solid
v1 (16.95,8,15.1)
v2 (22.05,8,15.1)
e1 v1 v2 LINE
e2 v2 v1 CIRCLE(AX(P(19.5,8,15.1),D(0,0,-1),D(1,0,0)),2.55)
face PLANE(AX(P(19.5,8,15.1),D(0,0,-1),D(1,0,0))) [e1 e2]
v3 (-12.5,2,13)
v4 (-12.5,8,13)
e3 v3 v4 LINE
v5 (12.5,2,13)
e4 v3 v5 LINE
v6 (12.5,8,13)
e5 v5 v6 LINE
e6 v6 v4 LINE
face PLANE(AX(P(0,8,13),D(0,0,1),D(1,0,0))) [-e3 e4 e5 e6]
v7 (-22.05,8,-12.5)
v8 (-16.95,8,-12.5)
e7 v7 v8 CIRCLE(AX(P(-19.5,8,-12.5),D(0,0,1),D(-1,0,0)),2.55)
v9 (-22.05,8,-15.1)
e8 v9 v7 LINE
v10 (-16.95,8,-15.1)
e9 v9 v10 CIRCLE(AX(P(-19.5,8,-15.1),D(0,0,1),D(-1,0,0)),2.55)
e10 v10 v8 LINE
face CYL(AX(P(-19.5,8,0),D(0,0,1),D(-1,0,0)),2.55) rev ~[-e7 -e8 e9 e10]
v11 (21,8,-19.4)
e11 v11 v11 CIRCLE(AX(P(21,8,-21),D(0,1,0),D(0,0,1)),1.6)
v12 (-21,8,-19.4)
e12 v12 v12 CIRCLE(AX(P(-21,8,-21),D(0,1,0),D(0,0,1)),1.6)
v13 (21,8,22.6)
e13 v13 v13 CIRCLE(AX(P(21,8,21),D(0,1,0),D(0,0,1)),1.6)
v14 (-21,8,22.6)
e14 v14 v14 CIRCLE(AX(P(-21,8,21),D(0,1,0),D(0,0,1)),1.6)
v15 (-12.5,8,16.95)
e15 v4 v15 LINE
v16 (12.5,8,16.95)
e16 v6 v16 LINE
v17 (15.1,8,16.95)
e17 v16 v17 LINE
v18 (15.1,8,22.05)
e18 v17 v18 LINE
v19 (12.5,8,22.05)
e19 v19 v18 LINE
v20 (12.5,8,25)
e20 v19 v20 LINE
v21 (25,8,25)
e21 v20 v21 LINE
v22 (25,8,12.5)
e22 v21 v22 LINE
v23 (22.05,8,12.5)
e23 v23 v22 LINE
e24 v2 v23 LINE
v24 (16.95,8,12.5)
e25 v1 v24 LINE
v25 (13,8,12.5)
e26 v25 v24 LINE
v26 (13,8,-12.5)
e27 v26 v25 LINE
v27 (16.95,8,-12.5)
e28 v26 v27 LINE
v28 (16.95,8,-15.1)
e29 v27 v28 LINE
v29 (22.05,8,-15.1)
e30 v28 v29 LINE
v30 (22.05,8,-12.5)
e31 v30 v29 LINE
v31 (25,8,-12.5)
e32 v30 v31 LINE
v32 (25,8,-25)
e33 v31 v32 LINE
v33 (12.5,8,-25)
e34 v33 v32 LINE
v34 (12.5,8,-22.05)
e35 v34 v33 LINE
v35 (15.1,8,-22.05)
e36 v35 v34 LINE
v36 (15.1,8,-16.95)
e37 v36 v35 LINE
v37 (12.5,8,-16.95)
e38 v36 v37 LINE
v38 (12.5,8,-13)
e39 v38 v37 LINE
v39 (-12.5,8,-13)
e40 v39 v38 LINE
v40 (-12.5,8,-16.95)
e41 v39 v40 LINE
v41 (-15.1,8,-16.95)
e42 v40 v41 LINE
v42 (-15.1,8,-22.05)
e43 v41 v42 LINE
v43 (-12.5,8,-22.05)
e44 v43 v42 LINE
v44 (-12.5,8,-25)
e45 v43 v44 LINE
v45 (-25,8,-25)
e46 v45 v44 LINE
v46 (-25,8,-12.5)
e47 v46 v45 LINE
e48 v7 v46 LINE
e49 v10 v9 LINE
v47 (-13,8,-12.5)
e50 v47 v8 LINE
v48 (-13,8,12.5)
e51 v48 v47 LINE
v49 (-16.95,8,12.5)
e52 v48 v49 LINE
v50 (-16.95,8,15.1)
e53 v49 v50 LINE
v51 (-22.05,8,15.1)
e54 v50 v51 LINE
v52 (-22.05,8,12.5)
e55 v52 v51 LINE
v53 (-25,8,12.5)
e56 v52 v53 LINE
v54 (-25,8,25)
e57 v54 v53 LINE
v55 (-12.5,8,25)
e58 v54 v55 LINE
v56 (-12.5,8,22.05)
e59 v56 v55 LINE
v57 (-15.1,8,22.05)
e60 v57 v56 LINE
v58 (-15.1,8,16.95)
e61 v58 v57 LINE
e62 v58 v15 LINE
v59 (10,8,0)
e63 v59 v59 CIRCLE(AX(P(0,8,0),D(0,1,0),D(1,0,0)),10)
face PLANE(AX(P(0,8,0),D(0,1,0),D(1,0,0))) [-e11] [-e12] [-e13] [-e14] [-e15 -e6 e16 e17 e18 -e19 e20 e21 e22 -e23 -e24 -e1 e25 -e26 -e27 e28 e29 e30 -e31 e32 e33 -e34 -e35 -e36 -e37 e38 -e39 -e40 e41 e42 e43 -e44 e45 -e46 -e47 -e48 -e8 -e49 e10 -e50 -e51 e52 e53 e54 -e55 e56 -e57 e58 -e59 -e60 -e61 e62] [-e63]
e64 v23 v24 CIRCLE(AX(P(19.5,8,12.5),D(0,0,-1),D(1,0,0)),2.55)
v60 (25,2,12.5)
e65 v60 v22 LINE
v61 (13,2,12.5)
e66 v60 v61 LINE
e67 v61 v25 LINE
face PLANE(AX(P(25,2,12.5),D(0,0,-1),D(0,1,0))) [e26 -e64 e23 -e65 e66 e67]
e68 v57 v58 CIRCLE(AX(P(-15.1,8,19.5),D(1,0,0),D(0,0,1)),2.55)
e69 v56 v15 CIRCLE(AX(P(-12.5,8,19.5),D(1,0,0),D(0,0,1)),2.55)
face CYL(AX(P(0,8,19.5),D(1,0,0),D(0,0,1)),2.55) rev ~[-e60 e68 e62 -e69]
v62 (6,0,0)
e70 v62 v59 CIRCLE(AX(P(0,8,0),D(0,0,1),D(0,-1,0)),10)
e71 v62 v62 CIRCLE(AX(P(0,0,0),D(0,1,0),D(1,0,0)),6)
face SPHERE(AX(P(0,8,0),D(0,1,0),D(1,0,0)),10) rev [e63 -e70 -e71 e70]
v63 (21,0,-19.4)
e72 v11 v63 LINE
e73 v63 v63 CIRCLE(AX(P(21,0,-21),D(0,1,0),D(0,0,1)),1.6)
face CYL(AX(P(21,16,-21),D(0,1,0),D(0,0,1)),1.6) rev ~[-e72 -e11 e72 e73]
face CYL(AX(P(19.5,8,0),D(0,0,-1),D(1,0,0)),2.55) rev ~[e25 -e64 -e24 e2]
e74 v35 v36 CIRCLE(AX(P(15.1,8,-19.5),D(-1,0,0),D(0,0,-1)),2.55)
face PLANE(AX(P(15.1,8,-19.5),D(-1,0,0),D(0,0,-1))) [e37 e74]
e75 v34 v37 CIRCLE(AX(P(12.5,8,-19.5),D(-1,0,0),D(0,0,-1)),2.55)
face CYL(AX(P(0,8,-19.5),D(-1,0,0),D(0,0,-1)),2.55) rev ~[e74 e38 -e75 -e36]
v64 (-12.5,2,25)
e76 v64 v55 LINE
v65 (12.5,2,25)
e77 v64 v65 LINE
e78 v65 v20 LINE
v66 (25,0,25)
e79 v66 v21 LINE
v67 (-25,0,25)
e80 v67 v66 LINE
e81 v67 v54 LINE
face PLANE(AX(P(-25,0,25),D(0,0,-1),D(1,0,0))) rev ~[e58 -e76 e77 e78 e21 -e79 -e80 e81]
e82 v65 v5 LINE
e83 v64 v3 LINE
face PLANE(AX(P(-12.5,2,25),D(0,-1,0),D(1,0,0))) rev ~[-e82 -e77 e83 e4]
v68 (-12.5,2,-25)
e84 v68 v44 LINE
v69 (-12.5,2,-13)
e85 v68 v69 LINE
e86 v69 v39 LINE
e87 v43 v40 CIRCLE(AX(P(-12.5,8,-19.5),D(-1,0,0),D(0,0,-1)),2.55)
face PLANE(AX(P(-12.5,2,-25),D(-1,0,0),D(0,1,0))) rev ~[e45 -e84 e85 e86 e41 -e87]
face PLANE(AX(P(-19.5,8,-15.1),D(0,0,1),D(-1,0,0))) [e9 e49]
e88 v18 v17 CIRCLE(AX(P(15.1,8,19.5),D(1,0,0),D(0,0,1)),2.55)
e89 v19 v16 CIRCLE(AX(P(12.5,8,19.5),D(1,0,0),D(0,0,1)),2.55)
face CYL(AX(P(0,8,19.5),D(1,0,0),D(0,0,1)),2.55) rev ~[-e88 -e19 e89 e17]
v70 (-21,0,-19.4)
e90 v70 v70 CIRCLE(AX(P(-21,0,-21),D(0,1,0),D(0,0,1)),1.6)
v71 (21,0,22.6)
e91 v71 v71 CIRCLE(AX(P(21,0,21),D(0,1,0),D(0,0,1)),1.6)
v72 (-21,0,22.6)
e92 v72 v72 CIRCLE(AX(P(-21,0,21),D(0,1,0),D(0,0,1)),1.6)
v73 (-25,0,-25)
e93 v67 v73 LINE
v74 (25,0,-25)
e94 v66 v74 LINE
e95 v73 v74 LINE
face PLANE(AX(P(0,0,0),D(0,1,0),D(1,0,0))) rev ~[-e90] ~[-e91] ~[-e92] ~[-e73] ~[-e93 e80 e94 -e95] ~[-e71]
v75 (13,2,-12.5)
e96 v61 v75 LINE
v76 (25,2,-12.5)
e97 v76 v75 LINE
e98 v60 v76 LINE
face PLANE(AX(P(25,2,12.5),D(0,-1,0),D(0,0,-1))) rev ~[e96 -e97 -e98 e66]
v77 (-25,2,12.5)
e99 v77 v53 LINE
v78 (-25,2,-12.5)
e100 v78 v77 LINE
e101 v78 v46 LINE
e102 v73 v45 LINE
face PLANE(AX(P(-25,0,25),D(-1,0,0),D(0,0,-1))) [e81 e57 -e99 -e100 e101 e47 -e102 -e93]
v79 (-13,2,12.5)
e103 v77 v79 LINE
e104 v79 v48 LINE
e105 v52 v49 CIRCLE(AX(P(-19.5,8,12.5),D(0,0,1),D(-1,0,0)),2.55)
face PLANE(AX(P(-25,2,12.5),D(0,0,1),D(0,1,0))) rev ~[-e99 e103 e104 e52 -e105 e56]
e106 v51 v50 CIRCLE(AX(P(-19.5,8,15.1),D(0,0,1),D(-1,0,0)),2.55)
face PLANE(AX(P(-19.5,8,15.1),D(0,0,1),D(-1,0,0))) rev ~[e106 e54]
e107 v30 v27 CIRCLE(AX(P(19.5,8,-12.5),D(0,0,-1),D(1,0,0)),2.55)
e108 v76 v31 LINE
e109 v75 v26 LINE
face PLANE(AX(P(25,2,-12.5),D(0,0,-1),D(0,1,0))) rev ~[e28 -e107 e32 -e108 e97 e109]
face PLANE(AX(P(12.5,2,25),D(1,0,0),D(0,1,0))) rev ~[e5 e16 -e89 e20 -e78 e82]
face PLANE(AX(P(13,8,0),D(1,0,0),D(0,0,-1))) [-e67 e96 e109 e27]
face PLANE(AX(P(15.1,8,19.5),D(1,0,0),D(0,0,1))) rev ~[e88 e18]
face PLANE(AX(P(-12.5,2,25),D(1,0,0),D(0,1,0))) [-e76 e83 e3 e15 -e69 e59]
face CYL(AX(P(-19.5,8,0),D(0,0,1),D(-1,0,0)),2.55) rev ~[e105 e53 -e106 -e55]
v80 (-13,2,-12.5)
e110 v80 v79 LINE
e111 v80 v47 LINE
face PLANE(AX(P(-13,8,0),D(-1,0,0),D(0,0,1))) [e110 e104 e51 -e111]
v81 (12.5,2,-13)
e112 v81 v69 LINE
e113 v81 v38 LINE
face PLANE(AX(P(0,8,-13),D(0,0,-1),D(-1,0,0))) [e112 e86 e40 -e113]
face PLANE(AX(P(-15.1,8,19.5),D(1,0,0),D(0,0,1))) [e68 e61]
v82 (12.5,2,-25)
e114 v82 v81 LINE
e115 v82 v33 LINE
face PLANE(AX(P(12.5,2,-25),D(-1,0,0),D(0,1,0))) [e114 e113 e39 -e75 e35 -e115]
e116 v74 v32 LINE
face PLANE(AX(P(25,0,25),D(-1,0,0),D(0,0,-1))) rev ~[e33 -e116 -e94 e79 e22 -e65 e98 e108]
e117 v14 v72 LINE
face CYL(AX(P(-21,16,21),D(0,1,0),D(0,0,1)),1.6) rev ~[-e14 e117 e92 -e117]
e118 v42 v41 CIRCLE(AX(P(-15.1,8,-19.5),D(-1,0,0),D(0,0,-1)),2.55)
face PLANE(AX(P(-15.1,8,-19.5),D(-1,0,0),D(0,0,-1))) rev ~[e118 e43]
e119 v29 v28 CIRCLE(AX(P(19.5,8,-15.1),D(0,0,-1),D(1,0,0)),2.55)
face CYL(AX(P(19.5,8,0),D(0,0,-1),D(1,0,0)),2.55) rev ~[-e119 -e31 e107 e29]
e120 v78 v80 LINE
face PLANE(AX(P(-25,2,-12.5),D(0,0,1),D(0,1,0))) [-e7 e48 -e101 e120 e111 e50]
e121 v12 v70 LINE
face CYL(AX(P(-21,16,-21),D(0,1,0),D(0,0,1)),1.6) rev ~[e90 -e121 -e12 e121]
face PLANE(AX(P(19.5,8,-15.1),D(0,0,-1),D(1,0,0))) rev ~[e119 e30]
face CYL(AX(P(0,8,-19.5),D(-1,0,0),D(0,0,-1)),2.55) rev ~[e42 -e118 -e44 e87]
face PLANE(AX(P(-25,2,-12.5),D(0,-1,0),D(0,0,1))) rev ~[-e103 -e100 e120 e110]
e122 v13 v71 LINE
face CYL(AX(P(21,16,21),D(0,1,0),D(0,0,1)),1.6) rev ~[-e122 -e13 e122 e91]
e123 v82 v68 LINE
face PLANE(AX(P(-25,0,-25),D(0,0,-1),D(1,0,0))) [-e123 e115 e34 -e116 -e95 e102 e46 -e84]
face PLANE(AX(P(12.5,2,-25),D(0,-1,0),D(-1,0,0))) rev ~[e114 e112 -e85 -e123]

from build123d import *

# Parameters (mm, degrees)
SKETCH_1_W               = 50
SKETCH_1_H               = 50
EXTRUDE_1_DEPTH          = 16
SKETCH_3_R               = 1.6
CUT_EXTRUDE_1_DEPTH      = 39.807215824
SKETCH_6_W               = 25
SKETCH_6_H               = 12
CUT_EXTRUDE_3_DEPTH      = 12
SKETCH_7_R               = 2.55
CUT_EXTRUDE_4_DEPTH      = 15.1
PATTERN_CIRCULAR_2_COUNT = 4
SKETCH_8_W               = 50
SKETCH_8_H               = 50
CUT_EXTRUDE_5_DEPTH      = 8


with BuildPart() as part:
    # 草图1 → 凸台-拉伸1 (new body)
    with BuildSketch(Plane(origin=(0, 0, 0), x_dir=(1, 0, 0), z_dir=(0, 1, 0))):
        Rectangle(SKETCH_1_W, SKETCH_1_H)
    extrude(amount=EXTRUDE_1_DEPTH)

    # 草图2 → 切除-旋转1 (revolve, cut)
    with BuildSketch(Plane.XY):
        with BuildLine():
            Line((0, 18), (0, -2))
            ThreePointArc((0, -2), (10, 8), (0, 18))
        make_face()
    revolve(axis=Axis((0, 16, 0), (0, -1, 0)), mode=Mode.SUBTRACT)

    # 草图3 → 切除-拉伸1 (cut, through all)
    with BuildSketch(Plane(origin=(0, 16, 0), x_dir=(1, 0, 0), z_dir=(0, 1, 0))):
        with Locations(Location((-21, 21, 0), (0, 0, 270))):
            Circle(SKETCH_3_R)
        with Locations(Location((21, 21, 0), (0, 0, 270))):
            Circle(SKETCH_3_R)
        with Locations(Location((21, -21, 0), (0, 0, 270))):
            Circle(SKETCH_3_R)
        with Locations(Location((-21, -21, 0), (0, 0, 270))):
            Circle(SKETCH_3_R)
    extrude(amount=-CUT_EXTRUDE_1_DEPTH, mode=Mode.SUBTRACT)

    # 草图6 → 切除-拉伸3 (cut)
    with BuildSketch(Plane.XY.offset(25)):
        with Locations((0, 8)):
            Rectangle(SKETCH_6_W, SKETCH_6_H)
    cut_extrude_3 = extrude(amount=-CUT_EXTRUDE_3_DEPTH, mode=Mode.SUBTRACT)

    # 草图7 → 切除-拉伸4 (cut, symmetric)
    with BuildSketch(Plane(origin=(0, 0, 0), x_dir=(0, 0, -1), z_dir=(1, 0, 0))):
        with Locations(Location((-19.5, 8, 0), (0, 0, 180))):
            Circle(SKETCH_7_R)
    cut_extrude_4 = extrude(amount=CUT_EXTRUDE_4_DEPTH, both=True, mode=Mode.SUBTRACT)

    # 阵列(圆周)2: 切除-拉伸3, 切除-拉伸4 ×4 about axis
    pattern_circular_2_axis = Axis((0, 0, 0), (0, 1, 0))
    add([cut_extrude_3.rotate(pattern_circular_2_axis, i * 360 / PATTERN_CIRCULAR_2_COUNT) for i in range(1, PATTERN_CIRCULAR_2_COUNT)], mode=Mode.SUBTRACT)
    add([cut_extrude_4.rotate(pattern_circular_2_axis, i * 360 / PATTERN_CIRCULAR_2_COUNT) for i in range(1, PATTERN_CIRCULAR_2_COUNT)], mode=Mode.SUBTRACT)

    # 草图8 → 切除-拉伸5 (cut)
    with BuildSketch(Plane(origin=(0, 16, 0), x_dir=(1, 0, 0), z_dir=(0, 1, 0))):
        Rectangle(SKETCH_8_W, SKETCH_8_H)
    extrude(amount=-CUT_EXTRUDE_5_DEPTH, mode=Mode.SUBTRACT)


solid = part.part
